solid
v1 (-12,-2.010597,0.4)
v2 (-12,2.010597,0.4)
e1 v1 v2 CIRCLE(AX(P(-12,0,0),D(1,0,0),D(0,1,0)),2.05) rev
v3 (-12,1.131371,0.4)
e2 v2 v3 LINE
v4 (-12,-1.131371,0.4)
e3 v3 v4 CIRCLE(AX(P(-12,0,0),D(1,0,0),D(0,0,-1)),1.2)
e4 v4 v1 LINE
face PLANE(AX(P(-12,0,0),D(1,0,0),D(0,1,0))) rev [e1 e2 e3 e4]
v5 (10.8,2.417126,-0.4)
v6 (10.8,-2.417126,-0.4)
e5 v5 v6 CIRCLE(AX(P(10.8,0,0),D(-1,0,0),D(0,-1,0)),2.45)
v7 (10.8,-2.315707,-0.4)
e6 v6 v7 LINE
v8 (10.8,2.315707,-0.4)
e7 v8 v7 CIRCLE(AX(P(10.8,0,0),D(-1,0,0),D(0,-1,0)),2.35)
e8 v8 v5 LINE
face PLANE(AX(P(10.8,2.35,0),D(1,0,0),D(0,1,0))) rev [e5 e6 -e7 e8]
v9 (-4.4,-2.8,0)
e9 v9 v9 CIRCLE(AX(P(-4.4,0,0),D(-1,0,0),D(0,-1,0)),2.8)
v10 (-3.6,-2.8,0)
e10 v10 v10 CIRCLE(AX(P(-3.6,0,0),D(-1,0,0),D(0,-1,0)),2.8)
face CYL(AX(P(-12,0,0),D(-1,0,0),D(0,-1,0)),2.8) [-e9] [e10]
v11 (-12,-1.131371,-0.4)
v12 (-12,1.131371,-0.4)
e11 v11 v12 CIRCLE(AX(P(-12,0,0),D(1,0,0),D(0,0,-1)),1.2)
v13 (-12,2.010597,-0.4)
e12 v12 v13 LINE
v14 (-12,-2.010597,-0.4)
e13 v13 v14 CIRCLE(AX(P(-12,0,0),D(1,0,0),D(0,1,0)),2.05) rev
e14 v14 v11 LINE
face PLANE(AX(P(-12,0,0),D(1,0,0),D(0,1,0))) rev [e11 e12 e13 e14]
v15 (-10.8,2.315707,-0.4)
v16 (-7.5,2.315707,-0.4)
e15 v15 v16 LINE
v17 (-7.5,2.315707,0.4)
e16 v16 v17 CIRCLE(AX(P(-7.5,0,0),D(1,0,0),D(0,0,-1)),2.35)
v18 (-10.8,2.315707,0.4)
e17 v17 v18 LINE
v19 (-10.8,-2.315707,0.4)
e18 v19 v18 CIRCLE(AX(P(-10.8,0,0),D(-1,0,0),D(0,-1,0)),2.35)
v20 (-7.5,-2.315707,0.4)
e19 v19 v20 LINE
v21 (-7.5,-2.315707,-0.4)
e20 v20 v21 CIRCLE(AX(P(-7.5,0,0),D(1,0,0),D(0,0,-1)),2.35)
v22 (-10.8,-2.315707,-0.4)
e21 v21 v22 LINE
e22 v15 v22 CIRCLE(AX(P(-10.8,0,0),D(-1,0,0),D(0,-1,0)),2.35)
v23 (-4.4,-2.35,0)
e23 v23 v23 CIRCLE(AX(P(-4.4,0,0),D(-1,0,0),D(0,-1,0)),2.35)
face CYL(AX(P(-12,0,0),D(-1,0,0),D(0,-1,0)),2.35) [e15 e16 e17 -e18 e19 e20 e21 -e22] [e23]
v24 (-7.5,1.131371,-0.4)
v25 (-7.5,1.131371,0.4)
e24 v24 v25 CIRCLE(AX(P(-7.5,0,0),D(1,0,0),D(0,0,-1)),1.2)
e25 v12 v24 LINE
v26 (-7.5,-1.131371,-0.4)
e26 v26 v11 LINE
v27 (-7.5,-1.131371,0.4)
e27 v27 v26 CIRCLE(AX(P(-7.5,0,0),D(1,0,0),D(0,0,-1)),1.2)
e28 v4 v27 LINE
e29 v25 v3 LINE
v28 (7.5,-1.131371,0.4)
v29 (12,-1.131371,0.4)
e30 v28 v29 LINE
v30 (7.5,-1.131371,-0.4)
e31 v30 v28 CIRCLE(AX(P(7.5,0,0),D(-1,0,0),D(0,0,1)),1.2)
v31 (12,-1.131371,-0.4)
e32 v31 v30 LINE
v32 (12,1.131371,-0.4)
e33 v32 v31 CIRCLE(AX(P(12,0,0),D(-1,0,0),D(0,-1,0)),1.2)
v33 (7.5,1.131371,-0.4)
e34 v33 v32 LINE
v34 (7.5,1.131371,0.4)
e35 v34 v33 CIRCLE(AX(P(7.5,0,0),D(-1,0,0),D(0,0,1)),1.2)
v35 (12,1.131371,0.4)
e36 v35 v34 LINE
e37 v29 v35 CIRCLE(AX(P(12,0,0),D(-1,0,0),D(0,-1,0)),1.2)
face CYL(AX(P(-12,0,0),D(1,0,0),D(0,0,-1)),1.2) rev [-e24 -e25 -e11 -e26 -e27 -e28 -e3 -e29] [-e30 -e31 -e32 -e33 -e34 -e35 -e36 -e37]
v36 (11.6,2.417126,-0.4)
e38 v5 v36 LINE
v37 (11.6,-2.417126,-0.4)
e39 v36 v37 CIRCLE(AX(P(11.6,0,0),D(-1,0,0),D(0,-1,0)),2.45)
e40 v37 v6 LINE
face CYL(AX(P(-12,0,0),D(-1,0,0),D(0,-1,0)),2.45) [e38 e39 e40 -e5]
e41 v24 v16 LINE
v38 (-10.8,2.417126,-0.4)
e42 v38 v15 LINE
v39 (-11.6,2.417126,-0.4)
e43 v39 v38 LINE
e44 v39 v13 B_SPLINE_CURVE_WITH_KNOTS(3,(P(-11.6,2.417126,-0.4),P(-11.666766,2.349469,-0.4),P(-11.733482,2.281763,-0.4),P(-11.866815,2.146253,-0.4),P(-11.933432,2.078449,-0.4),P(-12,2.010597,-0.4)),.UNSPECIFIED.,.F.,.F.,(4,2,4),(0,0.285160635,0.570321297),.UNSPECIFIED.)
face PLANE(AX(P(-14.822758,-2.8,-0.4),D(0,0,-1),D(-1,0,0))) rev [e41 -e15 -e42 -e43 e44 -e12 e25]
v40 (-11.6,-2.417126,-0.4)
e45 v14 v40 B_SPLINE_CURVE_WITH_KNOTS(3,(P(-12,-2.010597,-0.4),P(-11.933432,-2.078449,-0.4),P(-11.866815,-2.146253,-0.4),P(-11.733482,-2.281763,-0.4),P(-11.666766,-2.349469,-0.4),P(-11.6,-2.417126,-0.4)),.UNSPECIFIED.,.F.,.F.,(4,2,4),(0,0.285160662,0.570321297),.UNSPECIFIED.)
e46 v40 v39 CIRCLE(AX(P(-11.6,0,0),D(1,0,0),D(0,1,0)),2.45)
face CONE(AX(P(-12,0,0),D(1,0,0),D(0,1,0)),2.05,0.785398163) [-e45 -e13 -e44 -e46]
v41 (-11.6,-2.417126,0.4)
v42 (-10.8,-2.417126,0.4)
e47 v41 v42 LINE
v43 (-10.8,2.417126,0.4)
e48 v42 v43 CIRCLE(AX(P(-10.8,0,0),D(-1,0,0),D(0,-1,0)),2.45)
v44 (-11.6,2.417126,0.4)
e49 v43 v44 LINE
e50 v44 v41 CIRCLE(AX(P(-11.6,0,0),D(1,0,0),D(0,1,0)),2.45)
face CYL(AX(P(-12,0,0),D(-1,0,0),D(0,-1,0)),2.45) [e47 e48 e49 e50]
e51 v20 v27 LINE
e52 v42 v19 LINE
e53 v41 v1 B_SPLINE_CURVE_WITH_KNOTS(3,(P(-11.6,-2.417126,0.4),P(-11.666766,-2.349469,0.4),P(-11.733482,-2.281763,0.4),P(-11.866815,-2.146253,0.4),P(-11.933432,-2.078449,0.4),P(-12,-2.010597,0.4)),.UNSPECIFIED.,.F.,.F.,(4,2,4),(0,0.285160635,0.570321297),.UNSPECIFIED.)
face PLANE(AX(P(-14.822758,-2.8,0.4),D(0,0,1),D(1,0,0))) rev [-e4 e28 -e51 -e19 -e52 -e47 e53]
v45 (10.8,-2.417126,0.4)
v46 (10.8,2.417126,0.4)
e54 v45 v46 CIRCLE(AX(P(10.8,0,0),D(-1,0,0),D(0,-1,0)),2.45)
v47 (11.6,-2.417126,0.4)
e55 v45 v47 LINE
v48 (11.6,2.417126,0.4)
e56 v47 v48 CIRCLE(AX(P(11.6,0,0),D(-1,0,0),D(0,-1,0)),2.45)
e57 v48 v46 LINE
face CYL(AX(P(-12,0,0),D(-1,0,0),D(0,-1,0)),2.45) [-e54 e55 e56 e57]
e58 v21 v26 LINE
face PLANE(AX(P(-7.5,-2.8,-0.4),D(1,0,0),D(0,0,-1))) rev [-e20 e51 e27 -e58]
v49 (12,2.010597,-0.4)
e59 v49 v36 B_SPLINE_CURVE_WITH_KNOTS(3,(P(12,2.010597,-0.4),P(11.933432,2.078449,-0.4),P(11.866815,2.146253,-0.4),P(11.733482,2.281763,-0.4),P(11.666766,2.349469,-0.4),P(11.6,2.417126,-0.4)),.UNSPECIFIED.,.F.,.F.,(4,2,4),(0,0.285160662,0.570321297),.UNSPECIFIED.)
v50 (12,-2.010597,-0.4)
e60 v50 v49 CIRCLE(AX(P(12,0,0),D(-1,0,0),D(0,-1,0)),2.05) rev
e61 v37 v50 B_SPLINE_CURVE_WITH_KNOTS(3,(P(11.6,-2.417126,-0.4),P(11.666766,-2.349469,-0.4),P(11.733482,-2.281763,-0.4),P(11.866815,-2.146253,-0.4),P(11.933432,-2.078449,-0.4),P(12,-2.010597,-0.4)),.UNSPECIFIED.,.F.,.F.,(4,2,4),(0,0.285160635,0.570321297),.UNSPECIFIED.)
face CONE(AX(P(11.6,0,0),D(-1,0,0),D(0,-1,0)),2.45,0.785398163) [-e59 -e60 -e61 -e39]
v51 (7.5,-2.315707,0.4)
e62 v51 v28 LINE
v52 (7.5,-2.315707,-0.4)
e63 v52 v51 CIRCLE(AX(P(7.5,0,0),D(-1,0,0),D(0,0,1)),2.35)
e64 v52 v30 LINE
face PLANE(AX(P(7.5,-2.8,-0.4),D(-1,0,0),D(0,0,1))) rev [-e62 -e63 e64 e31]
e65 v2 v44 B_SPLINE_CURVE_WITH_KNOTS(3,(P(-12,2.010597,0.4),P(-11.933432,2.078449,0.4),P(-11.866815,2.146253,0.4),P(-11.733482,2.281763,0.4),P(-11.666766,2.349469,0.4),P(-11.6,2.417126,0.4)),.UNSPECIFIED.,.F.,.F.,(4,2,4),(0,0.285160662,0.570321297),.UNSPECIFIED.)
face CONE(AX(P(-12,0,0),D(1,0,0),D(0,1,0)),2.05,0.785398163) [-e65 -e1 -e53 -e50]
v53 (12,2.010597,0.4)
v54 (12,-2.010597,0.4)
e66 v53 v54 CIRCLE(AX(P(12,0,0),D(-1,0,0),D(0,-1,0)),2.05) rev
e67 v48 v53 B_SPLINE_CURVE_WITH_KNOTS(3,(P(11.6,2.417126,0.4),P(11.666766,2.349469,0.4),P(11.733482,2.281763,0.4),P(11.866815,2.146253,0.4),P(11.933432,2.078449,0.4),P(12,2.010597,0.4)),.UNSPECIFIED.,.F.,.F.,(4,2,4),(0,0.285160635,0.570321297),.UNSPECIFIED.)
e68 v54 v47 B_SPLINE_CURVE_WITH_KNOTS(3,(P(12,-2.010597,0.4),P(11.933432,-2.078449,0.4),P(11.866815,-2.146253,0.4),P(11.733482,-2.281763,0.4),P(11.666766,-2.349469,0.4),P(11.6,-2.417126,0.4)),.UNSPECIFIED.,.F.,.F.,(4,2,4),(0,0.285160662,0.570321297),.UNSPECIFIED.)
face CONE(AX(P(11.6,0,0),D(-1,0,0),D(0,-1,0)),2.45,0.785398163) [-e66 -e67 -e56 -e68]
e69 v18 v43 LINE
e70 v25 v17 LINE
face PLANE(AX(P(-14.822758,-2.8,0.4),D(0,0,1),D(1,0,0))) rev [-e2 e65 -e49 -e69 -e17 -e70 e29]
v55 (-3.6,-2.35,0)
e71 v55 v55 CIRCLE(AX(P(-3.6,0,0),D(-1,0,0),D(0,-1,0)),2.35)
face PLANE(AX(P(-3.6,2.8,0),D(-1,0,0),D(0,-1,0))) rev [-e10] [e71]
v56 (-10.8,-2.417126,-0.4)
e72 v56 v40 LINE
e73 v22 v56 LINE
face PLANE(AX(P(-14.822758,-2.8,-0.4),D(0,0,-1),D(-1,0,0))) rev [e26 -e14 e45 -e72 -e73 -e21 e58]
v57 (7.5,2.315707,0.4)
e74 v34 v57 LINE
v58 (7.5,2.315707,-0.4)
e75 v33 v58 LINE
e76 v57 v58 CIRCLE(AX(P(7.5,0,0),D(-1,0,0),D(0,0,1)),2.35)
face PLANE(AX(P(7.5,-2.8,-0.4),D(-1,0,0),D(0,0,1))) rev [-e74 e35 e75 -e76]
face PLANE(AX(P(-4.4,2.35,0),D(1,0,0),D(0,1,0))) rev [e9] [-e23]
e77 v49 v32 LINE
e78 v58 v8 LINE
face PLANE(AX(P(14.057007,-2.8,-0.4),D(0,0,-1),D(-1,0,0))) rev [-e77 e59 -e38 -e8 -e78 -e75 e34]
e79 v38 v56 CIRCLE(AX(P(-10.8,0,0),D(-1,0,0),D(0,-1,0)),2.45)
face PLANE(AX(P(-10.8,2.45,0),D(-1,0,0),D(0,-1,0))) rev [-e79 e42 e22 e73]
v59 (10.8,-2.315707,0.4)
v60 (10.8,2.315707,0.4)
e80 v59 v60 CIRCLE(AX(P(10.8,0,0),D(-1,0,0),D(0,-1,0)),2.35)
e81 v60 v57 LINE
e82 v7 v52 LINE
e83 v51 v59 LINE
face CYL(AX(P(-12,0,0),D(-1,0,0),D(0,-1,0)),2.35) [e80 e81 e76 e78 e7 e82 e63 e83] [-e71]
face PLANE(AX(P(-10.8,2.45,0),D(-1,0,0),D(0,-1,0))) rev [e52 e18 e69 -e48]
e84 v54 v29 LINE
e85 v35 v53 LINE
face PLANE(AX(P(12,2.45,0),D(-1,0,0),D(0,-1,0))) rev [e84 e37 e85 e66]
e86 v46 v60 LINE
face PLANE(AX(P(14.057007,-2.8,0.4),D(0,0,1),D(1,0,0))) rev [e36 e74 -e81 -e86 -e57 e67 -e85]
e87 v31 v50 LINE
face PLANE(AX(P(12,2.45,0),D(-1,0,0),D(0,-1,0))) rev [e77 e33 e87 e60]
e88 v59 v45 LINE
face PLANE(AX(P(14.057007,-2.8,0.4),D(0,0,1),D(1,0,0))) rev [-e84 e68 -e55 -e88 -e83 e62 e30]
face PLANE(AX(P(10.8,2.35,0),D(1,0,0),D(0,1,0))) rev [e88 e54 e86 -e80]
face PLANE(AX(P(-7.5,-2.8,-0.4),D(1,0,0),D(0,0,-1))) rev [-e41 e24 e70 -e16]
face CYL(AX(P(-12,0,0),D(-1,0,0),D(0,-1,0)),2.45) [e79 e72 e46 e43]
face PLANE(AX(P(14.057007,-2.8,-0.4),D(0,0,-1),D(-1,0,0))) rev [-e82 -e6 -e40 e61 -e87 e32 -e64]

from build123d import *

# Parameters (mm, degrees)
CUT_EXTRUDE1_DEPTH      = 13.636455199
CUT_EXTRUDE1_DEPTH_BACK = 13.636455199
SKETCH2_W               = 7.322757876
SKETCH2_H               = 0.8
SKETCH2_W_2             = 6.557006547
CHAMFER1_SIZE           = 0.4
CUT_EXTRUDE2_DEPTH      = 25.324473273
CUT_EXTRUDE2_DEPTH_BACK = 25.324473273
SKETCH3_R               = 1.2


with BuildPart() as part:
    # Sketch1 → Revolve1 (revolve)
    with BuildSketch(Plane.XY, mode=Mode.PRIVATE) as revolve1_sk:
        Polygon((-12, 0), (12, 0), (12, 2.45), (10.8, 2.45), (10.8, 2.35), (-3.6, 2.35), (-3.6, 2.8), (-4.4, 2.8), (-4.4, 2.35), (-10.8, 2.35), (-10.8, 2.45), (-12, 2.45), align=None)
    revolve(revolve1_sk.sketch.rotate(Axis((-12, 0, 0), (1, 0, 0)), 180), axis=Axis((-12, 0, 0), (1, 0, 0)))

    # Sketch2 → Cut-Extrude1 (cut, two sides: drawn at the far end of the back side and taken through both)
    with BuildSketch(Plane(origin=(0, 0, 0), x_dir=(1, 0, 0), z_dir=(0, 1, 0)).offset(-CUT_EXTRUDE1_DEPTH_BACK)):
        with Locations((-11.161378938, 0)):
            Rectangle(SKETCH2_W, SKETCH2_H)
        with Locations((10.778503274, 0)):
            Rectangle(SKETCH2_W_2, SKETCH2_H)
    extrude(amount=CUT_EXTRUDE1_DEPTH + CUT_EXTRUDE1_DEPTH_BACK, mode=Mode.SUBTRACT)

    # Chamfer1
    chamfer1_edges = [part.edges().sort_by_distance(p)[0] for p in [
        (-12, 0, 2.45),
        (12, 0, 2.45),
        (-12, 0, -2.45),
        (12, 0, -2.45),
    ]]
    chamfer(chamfer1_edges, length=CHAMFER1_SIZE)

    # Sketch3 → Cut-Extrude2 (cut, two sides: drawn at the far end of the back side and taken through both)
    with BuildSketch(Plane(origin=(12, 0, 0), x_dir=(0, 0, -1), z_dir=(1, 0, 0)).offset(-CUT_EXTRUDE2_DEPTH_BACK)):
        with Locations(Location((0, 0, 0), (0, 0, 289.471220634))):
            Circle(SKETCH3_R)
    extrude(amount=CUT_EXTRUDE2_DEPTH + CUT_EXTRUDE2_DEPTH_BACK, mode=Mode.SUBTRACT)


solid = part.part
